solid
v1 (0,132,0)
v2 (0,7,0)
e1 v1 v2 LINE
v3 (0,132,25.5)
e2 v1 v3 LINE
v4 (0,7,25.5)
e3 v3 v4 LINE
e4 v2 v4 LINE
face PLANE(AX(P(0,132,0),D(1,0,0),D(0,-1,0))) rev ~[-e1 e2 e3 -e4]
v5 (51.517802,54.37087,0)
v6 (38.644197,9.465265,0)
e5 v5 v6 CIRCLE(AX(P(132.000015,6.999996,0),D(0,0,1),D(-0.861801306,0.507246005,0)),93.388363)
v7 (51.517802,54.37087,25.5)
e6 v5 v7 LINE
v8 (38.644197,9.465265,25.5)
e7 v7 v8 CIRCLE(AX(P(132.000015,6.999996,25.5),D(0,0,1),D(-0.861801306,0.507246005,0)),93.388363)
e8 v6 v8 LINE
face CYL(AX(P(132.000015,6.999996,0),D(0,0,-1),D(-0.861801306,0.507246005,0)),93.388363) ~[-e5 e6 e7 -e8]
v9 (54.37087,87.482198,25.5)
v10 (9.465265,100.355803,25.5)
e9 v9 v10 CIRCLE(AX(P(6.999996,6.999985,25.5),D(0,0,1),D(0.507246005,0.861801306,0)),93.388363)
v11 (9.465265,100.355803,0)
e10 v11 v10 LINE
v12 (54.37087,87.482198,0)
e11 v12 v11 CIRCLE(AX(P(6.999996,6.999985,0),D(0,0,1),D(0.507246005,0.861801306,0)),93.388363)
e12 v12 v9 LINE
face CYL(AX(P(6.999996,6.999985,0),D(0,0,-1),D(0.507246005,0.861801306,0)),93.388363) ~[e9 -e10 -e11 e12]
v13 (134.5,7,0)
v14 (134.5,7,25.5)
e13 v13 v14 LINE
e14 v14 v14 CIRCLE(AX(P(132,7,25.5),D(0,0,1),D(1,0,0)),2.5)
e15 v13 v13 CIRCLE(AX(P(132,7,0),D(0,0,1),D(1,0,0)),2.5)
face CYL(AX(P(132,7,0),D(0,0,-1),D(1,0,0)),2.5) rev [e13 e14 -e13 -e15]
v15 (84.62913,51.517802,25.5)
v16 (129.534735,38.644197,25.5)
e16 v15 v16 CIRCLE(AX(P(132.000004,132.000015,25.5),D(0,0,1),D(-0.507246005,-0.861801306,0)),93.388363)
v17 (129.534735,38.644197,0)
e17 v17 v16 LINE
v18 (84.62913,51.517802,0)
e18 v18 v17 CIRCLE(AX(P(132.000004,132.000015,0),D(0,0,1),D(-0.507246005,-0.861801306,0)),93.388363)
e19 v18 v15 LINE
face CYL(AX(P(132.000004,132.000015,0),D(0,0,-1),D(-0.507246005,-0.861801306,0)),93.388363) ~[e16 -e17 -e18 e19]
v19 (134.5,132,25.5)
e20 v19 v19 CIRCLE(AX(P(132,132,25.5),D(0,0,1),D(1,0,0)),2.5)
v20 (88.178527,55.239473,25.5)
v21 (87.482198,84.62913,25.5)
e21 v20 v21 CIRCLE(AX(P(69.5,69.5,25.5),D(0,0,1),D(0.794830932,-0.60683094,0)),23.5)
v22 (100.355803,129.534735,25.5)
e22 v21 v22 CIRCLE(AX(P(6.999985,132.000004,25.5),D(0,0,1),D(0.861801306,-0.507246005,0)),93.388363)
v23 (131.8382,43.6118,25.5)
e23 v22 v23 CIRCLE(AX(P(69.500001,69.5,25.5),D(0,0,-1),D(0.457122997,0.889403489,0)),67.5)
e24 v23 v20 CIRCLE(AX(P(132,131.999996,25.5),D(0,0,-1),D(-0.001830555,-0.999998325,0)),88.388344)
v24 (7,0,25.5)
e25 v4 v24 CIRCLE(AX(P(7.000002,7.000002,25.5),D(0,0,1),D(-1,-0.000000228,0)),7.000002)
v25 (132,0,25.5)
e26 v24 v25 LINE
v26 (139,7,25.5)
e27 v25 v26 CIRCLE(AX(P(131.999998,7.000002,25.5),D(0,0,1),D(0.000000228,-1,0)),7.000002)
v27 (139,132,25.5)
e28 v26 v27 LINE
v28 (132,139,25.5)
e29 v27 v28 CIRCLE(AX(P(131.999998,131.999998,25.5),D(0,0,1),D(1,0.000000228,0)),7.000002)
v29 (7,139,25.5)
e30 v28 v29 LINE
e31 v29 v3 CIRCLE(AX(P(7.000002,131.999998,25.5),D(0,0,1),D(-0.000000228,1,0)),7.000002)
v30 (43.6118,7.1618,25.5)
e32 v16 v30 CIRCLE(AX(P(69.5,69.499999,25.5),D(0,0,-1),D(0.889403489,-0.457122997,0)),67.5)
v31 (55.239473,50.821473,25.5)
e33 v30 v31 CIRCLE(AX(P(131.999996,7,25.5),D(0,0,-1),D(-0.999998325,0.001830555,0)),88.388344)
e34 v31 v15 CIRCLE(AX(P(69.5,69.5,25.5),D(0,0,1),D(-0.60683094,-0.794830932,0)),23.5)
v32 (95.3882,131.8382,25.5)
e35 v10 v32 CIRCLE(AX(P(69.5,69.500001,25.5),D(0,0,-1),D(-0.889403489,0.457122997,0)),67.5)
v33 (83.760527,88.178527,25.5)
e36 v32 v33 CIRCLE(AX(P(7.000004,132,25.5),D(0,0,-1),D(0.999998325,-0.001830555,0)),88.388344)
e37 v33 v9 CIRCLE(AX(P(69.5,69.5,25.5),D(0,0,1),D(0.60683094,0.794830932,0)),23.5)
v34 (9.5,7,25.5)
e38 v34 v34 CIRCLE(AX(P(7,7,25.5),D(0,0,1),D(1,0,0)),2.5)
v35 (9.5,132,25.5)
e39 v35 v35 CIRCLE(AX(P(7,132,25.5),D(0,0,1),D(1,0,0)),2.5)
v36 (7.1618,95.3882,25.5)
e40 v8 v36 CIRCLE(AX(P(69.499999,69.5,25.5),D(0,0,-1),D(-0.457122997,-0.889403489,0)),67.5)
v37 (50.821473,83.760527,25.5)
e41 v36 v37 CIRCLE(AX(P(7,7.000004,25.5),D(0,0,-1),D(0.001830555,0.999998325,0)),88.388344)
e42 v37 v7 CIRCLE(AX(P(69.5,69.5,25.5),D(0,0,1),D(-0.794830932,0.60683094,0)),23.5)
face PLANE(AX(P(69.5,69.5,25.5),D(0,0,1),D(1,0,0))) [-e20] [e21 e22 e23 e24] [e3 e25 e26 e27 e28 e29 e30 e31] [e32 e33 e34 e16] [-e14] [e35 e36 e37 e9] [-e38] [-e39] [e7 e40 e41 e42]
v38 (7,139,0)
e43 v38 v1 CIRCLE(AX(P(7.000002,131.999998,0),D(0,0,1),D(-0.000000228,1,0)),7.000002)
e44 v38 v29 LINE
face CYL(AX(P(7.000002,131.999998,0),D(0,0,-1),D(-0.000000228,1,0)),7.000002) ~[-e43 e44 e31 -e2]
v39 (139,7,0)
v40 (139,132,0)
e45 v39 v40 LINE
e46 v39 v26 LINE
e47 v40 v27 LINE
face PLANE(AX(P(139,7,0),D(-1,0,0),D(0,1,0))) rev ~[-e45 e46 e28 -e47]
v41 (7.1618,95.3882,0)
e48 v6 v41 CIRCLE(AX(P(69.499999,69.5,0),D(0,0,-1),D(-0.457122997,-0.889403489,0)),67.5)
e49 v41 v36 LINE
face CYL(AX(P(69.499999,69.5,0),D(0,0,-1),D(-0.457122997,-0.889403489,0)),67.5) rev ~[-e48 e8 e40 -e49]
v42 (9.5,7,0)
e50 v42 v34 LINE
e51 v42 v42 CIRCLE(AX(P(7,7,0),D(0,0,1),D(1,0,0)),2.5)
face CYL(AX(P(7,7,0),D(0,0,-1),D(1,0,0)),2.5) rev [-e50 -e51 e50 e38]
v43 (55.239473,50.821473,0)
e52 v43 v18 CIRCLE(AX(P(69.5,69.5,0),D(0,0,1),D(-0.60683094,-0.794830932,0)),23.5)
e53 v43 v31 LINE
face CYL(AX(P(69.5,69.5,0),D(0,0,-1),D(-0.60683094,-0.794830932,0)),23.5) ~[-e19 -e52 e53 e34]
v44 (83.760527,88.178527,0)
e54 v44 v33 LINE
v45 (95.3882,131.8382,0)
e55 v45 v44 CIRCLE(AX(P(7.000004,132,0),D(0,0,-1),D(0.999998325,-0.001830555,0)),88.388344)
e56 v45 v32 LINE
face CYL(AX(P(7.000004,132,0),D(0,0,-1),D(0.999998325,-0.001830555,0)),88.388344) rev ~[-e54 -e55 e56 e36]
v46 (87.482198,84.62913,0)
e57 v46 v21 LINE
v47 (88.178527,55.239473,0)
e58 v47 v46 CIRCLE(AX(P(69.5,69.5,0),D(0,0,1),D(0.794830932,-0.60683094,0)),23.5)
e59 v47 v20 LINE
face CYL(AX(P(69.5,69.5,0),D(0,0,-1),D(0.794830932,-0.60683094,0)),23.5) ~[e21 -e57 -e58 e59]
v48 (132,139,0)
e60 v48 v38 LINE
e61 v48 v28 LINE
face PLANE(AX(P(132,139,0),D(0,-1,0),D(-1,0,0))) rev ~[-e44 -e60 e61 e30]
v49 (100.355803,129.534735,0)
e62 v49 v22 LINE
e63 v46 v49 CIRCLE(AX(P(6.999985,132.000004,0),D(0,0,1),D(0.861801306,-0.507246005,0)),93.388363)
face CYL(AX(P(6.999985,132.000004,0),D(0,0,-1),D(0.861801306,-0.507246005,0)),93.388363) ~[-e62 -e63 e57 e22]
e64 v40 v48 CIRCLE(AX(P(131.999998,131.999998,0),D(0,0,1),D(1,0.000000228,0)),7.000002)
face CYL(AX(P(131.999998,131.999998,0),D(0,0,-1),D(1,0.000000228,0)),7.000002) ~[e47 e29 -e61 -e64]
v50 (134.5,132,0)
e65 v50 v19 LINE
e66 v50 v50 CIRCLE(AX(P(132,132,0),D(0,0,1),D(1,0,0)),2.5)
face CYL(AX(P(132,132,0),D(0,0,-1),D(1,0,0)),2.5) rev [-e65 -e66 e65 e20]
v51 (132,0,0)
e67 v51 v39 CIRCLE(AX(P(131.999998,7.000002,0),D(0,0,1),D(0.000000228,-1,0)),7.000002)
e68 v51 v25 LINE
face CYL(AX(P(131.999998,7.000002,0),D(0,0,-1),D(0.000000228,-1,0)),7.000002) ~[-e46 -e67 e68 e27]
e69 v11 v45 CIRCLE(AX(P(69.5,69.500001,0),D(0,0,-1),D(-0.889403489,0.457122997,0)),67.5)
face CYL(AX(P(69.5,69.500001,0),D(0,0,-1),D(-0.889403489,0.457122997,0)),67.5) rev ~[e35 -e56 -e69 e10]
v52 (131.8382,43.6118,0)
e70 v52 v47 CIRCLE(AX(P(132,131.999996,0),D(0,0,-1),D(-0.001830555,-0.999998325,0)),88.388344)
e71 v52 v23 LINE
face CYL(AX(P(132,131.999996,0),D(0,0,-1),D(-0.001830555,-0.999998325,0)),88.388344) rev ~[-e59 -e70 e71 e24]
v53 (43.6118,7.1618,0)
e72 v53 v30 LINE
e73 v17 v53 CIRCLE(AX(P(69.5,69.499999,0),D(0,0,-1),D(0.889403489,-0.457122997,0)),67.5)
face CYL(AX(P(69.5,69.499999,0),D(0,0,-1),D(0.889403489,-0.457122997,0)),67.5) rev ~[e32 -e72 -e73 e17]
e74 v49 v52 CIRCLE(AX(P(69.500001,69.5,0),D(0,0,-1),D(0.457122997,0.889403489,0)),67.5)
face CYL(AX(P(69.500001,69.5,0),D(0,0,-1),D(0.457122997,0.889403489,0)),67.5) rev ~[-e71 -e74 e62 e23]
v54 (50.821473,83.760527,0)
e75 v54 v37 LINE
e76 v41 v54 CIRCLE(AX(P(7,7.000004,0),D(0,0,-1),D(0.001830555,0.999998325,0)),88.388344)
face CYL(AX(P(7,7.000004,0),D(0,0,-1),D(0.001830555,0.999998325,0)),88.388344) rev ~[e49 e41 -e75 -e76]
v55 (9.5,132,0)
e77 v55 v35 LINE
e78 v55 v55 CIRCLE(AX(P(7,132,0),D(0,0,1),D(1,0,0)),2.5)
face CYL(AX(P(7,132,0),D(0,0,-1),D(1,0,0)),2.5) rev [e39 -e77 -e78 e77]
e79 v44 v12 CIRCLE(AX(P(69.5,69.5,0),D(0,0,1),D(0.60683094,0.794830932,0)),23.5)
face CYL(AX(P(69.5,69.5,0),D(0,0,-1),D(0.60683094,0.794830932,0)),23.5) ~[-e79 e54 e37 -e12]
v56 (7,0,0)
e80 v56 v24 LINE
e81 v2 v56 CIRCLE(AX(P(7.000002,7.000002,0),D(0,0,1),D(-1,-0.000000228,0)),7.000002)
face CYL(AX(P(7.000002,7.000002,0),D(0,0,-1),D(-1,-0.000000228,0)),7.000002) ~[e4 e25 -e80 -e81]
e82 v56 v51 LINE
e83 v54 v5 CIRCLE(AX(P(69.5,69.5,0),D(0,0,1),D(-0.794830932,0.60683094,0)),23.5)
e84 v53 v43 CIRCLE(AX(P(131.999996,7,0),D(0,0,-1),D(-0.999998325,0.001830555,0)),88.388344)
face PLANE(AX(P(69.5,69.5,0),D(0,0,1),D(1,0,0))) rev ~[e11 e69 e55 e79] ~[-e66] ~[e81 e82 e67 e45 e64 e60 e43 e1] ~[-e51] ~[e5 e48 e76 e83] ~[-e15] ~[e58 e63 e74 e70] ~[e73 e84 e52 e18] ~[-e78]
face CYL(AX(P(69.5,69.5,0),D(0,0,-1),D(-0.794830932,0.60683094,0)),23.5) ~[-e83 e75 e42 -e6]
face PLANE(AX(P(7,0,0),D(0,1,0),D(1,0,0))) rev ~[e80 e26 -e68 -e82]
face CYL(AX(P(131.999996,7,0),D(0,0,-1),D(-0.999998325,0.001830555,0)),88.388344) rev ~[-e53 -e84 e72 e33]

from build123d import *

# Parameters (mm, degrees)
F0_R     = 2.5
F1_DEPTH = 25.5


with BuildPart() as f1:
    # F0 (on Top) → F1 (new body)
    with BuildSketch(Plane.XY):
        with BuildLine():
            ThreePointArc((0, 7), (2.050253, 2.050253), (7, 0))
            Line((7, 0), (132, 0))
            ThreePointArc((132, 0), (136.949747, 2.050253), (139, 7))
            Line((139, 7), (139, 132))
            ThreePointArc((139, 132), (136.949747, 136.949747), (132, 139))
            Line((132, 139), (7, 139))
            ThreePointArc((7, 139), (2.050253, 136.949747), (0, 132))
            Line((0, 132), (0, 7))
        make_face()
        with Locations((7, 7)):
            Circle(F0_R, mode=Mode.SUBTRACT)
        with BuildLine():
            ThreePointArc((50.821473, 83.760527), (46.006593, 68.943371), (51.517802, 54.37087))
            ThreePointArc((51.517802, 54.37087), (42.227839, 32.736016), (38.644197, 9.465265))
            ThreePointArc((38.644197, 9.465265), (6.120443, 46.277558), (7.1618, 95.3882))
            ThreePointArc((7.1618, 95.3882), (29.747149, 92.411166), (50.821473, 83.760527))
        make_face(mode=Mode.SUBTRACT)
        with BuildLine():
            ThreePointArc((43.6118, 7.1618), (46.588834, 29.747149), (55.239473, 50.821473))
            ThreePointArc((55.239473, 50.821473), (70.056629, 46.006593), (84.62913, 51.517802))
            ThreePointArc((84.62913, 51.517802), (106.263984, 42.227839), (129.534735, 38.644197))
            ThreePointArc((129.534735, 38.644197), (92.722442, 6.120443), (43.6118, 7.1618))
        make_face(mode=Mode.SUBTRACT)
        with Locations((132, 7)):
            Circle(F0_R, mode=Mode.SUBTRACT)
        with Locations((7, 132)):
            Circle(F0_R, mode=Mode.SUBTRACT)
        with BuildLine():
            ThreePointArc((9.465265, 100.355803), (46.277558, 132.879557), (95.3882, 131.8382))
            ThreePointArc((95.3882, 131.8382), (92.411166, 109.252851), (83.760527, 88.178527))
            ThreePointArc((83.760527, 88.178527), (68.943371, 92.993407), (54.37087, 87.482198))
            ThreePointArc((54.37087, 87.482198), (32.736016, 96.772161), (9.465265, 100.355803))
        make_face(mode=Mode.SUBTRACT)
        with BuildLine():
            ThreePointArc((88.178527, 55.239473), (92.993407, 70.056629), (87.482198, 84.62913))
            ThreePointArc((87.482198, 84.62913), (96.772161, 106.263984), (100.355803, 129.534735))
            ThreePointArc((100.355803, 129.534735), (132.879557, 92.722442), (131.8382, 43.6118))
            ThreePointArc((131.8382, 43.6118), (109.252851, 46.588834), (88.178527, 55.239473))
        make_face(mode=Mode.SUBTRACT)
        with Locations((132, 132)):
            Circle(F0_R, mode=Mode.SUBTRACT)
    extrude(amount=F1_DEPTH)


solid = f1.part
